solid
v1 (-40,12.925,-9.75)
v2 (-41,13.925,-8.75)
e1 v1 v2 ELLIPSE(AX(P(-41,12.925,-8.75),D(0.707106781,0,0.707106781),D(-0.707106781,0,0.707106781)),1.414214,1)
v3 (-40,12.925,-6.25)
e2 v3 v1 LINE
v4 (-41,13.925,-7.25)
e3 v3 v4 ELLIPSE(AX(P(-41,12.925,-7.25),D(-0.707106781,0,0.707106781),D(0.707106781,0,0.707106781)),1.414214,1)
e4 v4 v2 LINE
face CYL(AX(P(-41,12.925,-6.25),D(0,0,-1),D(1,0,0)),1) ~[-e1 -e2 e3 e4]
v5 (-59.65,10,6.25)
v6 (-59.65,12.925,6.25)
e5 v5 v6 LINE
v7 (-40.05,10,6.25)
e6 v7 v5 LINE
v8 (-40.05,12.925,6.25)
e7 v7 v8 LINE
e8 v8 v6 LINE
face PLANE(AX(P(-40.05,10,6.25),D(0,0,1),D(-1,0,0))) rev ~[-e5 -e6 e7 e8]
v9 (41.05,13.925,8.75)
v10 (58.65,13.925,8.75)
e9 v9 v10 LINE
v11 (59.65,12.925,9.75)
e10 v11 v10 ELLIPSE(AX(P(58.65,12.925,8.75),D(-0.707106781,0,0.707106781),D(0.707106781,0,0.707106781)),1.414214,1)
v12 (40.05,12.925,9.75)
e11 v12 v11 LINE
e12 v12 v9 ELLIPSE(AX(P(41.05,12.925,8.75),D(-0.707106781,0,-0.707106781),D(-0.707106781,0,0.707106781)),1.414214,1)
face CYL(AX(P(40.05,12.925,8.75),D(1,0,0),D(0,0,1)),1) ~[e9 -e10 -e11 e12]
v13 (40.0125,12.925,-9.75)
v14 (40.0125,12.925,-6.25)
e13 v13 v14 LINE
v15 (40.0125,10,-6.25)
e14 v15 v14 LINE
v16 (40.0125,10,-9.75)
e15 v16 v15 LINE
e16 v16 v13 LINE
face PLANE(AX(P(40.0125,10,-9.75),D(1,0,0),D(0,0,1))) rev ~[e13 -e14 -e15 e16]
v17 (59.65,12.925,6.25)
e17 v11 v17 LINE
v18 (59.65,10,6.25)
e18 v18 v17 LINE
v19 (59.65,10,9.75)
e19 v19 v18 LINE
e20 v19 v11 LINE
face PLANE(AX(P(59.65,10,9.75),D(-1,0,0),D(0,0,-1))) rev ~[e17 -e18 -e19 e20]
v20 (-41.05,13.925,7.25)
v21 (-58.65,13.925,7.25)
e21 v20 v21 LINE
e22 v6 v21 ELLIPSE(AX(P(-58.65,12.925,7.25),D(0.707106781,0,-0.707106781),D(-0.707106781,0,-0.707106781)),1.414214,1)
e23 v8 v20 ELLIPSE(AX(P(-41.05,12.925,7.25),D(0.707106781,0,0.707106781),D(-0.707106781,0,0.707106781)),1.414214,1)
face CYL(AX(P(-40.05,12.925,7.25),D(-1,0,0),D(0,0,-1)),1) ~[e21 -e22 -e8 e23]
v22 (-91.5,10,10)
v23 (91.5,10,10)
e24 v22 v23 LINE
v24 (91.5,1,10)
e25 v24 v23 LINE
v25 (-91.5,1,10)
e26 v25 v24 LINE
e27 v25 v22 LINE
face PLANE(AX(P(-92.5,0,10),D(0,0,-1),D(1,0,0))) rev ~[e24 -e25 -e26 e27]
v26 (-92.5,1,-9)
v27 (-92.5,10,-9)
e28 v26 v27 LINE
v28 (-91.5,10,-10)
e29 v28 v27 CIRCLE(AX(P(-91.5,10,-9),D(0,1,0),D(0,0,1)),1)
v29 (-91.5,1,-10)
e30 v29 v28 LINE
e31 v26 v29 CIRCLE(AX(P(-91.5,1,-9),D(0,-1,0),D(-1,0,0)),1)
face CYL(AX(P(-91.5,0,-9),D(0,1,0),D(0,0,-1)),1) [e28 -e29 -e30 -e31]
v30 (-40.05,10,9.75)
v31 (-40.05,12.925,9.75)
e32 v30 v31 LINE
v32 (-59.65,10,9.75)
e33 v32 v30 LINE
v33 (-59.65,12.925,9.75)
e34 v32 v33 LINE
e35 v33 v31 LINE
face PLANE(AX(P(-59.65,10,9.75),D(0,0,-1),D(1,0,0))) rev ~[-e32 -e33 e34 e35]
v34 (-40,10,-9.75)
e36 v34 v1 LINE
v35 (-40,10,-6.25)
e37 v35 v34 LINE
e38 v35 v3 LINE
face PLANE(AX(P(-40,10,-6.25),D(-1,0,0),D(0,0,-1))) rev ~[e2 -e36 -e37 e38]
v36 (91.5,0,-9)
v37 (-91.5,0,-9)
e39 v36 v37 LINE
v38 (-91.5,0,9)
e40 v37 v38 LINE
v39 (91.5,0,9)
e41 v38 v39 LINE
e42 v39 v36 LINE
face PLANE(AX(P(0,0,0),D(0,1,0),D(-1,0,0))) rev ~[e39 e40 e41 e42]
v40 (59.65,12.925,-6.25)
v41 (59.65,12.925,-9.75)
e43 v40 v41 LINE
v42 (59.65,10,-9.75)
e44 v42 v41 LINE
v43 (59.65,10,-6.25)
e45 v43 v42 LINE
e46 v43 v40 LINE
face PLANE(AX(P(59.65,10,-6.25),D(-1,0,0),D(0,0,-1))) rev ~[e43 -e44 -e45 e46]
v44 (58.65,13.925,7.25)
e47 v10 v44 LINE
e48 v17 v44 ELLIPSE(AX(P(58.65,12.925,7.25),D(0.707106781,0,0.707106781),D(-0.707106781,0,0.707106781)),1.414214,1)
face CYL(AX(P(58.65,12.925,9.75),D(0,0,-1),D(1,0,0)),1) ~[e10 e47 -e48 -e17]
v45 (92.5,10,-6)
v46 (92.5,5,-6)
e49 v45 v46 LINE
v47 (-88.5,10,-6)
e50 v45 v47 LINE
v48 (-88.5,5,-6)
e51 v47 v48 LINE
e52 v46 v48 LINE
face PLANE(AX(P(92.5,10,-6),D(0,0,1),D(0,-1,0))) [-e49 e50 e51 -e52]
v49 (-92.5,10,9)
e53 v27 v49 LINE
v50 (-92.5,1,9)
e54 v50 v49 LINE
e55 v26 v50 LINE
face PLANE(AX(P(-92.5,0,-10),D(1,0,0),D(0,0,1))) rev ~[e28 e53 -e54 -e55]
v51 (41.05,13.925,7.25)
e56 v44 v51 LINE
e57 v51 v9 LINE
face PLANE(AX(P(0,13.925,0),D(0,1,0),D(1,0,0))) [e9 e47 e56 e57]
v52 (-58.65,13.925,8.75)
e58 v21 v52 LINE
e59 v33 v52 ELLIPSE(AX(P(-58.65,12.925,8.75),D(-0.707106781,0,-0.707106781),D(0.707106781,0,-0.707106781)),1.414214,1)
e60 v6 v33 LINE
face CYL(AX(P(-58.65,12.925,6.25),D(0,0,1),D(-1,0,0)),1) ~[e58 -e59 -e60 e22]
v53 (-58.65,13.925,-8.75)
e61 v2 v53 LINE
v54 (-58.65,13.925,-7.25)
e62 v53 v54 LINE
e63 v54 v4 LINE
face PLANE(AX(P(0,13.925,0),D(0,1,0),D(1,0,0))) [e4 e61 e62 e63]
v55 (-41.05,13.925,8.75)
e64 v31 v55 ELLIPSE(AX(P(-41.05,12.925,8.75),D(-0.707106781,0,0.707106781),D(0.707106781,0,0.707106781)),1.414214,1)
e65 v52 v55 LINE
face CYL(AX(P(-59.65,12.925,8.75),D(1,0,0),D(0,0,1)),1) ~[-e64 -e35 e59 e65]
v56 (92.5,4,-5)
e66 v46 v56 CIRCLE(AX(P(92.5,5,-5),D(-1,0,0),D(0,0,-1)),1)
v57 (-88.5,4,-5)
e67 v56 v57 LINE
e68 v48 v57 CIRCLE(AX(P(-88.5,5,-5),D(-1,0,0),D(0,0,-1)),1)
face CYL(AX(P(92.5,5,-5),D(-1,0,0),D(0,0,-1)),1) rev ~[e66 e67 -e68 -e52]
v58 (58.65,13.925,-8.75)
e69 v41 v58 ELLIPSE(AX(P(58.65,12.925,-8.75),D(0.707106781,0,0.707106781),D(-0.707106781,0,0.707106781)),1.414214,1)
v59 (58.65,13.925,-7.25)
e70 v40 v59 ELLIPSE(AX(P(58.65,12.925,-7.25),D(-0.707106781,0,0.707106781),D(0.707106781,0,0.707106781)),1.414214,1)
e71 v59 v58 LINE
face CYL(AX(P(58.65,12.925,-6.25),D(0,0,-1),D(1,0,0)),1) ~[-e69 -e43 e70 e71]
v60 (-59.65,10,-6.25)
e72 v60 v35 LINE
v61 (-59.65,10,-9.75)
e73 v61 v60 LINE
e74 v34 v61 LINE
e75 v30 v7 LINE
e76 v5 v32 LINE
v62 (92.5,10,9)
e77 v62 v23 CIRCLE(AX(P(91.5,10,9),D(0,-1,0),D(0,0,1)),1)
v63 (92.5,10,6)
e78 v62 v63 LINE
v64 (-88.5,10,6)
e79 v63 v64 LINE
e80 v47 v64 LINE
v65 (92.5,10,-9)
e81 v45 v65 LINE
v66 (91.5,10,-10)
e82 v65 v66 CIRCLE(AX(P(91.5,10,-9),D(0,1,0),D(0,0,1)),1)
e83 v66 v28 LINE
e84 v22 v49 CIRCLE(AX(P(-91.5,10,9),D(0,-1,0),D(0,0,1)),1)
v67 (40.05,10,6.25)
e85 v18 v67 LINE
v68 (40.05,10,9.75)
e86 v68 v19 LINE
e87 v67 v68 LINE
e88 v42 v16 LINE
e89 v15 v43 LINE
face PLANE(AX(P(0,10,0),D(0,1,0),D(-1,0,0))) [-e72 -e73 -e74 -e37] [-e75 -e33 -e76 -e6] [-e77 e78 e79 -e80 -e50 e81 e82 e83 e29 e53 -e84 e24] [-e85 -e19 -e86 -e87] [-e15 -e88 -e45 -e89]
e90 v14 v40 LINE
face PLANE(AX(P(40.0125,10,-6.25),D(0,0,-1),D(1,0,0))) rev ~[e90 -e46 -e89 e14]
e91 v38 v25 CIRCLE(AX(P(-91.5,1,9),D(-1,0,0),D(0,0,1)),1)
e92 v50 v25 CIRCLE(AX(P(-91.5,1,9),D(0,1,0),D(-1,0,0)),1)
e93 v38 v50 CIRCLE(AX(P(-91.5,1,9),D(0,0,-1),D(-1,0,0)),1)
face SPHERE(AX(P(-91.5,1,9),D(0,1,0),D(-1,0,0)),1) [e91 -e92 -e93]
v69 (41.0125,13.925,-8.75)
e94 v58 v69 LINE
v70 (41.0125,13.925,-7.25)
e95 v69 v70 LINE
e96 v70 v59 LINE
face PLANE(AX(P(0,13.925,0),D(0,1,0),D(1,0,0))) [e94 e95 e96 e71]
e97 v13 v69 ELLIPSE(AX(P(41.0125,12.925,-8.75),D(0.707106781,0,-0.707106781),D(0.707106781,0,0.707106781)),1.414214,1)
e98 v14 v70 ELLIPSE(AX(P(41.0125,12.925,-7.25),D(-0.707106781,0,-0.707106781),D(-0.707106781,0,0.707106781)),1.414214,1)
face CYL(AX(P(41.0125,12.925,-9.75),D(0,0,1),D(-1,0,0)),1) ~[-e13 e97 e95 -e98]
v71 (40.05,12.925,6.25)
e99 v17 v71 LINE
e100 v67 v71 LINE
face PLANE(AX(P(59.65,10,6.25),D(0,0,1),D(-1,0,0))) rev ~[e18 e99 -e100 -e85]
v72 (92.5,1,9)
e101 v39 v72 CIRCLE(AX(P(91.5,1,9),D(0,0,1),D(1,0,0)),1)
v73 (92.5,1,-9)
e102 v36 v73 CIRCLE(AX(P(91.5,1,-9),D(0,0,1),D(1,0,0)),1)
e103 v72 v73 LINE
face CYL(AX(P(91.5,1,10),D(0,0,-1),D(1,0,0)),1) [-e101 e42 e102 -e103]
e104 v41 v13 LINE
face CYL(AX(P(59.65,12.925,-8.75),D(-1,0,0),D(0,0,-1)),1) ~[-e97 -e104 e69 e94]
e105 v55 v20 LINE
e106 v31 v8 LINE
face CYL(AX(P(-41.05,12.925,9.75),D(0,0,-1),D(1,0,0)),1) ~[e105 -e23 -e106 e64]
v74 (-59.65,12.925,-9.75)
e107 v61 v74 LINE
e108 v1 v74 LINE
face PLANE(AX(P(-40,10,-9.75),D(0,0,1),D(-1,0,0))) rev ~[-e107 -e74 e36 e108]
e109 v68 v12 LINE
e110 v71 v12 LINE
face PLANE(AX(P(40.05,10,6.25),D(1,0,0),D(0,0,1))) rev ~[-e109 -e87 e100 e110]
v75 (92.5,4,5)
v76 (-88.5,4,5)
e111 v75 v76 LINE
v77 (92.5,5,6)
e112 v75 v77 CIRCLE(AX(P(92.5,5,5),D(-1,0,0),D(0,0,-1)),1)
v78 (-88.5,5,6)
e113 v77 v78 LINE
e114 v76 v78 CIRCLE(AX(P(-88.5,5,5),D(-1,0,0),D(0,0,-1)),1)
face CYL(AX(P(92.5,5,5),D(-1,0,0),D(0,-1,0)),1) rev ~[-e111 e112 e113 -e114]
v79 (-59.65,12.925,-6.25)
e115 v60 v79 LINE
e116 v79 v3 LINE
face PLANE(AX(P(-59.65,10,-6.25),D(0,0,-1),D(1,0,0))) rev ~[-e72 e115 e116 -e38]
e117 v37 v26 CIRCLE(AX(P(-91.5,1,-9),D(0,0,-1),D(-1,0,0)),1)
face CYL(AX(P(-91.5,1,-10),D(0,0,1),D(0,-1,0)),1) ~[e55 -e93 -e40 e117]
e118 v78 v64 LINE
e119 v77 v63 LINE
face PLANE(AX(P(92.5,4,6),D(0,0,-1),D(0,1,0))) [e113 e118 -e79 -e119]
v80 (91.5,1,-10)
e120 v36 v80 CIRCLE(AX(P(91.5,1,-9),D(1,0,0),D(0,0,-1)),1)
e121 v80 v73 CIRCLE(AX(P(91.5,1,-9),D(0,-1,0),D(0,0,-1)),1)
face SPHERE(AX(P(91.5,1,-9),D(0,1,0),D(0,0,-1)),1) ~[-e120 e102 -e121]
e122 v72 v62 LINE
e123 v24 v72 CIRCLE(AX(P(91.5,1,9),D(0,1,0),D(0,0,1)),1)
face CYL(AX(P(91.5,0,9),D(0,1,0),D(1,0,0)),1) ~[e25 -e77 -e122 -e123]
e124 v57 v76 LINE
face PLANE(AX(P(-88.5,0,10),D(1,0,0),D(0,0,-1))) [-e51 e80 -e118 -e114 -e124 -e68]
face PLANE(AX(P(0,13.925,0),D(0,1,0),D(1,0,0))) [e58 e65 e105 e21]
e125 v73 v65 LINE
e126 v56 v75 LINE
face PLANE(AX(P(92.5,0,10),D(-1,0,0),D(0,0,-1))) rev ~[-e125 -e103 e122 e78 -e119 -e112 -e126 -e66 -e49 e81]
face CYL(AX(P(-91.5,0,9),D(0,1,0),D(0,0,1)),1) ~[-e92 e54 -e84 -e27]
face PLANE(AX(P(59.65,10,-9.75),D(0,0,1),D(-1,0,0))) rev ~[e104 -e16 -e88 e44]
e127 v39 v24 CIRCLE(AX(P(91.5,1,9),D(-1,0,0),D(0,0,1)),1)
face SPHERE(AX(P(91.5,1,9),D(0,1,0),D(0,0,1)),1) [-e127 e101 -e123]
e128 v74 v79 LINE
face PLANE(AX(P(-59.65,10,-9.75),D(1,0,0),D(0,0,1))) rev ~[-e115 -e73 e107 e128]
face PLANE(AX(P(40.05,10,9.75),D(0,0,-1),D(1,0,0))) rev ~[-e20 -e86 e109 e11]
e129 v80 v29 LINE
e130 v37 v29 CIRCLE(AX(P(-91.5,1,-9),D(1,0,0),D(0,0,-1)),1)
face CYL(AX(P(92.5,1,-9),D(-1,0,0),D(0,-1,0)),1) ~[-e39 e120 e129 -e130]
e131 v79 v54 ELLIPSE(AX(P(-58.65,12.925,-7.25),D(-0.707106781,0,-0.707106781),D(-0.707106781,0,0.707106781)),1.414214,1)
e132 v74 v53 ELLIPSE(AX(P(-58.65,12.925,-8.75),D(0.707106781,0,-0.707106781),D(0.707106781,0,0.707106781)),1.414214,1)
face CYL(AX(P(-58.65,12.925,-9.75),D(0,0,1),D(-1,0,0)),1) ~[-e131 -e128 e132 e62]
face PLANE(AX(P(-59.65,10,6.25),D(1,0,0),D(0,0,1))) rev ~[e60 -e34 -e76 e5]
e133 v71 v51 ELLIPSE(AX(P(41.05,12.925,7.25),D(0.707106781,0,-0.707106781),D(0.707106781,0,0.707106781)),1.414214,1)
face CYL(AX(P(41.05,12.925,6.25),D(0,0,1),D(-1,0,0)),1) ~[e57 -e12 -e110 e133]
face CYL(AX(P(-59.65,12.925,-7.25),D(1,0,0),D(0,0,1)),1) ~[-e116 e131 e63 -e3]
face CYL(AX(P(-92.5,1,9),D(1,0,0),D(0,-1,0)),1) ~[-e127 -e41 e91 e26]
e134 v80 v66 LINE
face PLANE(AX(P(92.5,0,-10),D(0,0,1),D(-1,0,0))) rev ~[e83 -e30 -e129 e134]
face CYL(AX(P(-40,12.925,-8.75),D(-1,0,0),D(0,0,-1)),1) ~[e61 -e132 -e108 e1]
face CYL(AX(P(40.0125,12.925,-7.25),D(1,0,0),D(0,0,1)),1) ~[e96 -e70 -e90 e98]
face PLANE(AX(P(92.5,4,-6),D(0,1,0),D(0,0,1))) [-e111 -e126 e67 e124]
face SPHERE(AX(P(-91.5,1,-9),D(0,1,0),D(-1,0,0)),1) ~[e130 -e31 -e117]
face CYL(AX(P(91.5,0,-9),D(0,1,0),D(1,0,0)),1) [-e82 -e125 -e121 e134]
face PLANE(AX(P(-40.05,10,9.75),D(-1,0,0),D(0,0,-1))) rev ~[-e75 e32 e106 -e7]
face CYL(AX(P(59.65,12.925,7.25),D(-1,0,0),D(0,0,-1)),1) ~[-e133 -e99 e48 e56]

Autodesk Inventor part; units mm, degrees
ref_plane "YZ Plane" through (0, 0, 0) normal (1, 0, 0) x (0, 1, 0)
ref_plane "XZ Plane" through (0, 0, 0) normal (0, 1, 0) x (-1, 0, 0)
ref_plane "XY Plane" through (0, 0, 0) normal (0, 0, 1) x (1, 0, 0)
sketch "Skizze1" plane through (0, 0, 0) normal (0, 1, 0) x (-1, 0, 0)
  line L0 (-92.5, -10) -> (92.5, -10)
  line L1 (92.5, -10) -> (92.5, 10)
  line L2 (92.5, 10) -> (-92.5, 10)
  line L3 (-92.5, 10) -> (-92.5, -10)
  line L4 (-92.5, -10) -> (92.5, 10) construction
  line L5 (92.5, -10) -> (-92.5, 10) construction
  point P0 (0, 0)
  dimension "d0" = 20
  dimension "d1" = 185
extrude "Extrusion1" add sketch "Skizze1" along normal blind 10
sketch "Skizze2" plane through (92.5, 0, 10) normal (1, 0, 0) x (0, 0, -1)
  line L0 (20, 10) -> (0, 10) projected
  line L1 (4, 10) -> (16, 10)
  line L2 (16, 10) -> (16, 4)
  line L3 (16, 4) -> (4, 4)
  line L4 (4, 4) -> (4, 10)
  line L5 (0, 0) -> (0, 10) projected
  line L6 (20, 0) -> (20, 10) projected
  line L7 (0, 0) -> (20, 0) projected
  point P0 (10, 0)
  point P1 (16, 7)
  point P2 (10, 4)
  dimension "d4" = 4
  dimension "d5" = 4
  dimension "d6" = 4
extrude "Extrusion2" cut sketch "Skizze2" against normal blind 181 contours L2 L3 L4 L0
sketch "Skizze3" plane through (0, 10, 0) normal (0, 1, 0) x (1, 0, 0)
  line L0 (-59.65, -9.75) -> (-40.05, -9.75)
  line L1 (-40.05, -9.75) -> (-40.05, -6.25)
  line L2 (-40.05, -6.25) -> (-59.65, -6.25)
  line L3 (-59.65, -6.25) -> (-59.65, -9.75)
  line L4 (-92.5, 10) -> (-92.5, -10) projected
  line L5 (92.5, -6) -> (-88.5, -6) projected
  line L6 (-59.65, 6.25) -> (-40, 6.25)
  line L7 (-40, 6.25) -> (-40, 9.75)
  line L8 (-40, 9.75) -> (-59.65, 9.75)
  line L9 (-59.65, 9.75) -> (-59.65, 6.25)
  line L10 (-88.5, 6) -> (92.5, 6) projected
  line L11 (40.05, -9.75) -> (59.65, -9.75)
  line L12 (59.65, -9.75) -> (59.65, -6.25)
  line L13 (59.65, -6.25) -> (40.05, -6.25)
  line L14 (40.05, -6.25) -> (40.05, -9.75)
  line L15 (92.5, -10) -> (92.5, -6) projected
  line L16 (40.0125, 6.25) -> (59.65, 6.25)
  line L17 (59.65, 6.25) -> (59.65, 9.75)
  line L18 (59.65, 9.75) -> (40.0125, 9.75)
  line L19 (40.0125, 9.75) -> (40.0125, 6.25)
  point P0 (0, 0)
  point P1 (-59.65, -8)
  point P2 (92.5, -8)
  point P3 (59.65, -8)
  dimension "d9" = 3.5
  dimension "d10" = 32.85
  dimension "d11" = 0.25
  dimension "d12" = 19.6
  dimension "d13" = 0.25
  dimension "d14" = 3.5
  dimension "d15" = 32.85
  dimension "d16" = 0.25
  dimension "d17" = 19.6
  dimension "d18" = 3.5
  dimension "d19" = 0.25
  dimension "d20" = 3.5
  dimension "d23" = 0
  dimension "d24" = 0
extrude "Extrusion3" add sketch "Skizze3" along normal blind 3.925
fillet "Rundung1" radius 1 26 edges at (-49.85, 13.925, 9.75) (-49.85, 13.925, 6.25) (-59.65, 13.925, 8) (-40.05, 13.925, 8) (-59.65, 13.925, -8) (-49.825, 13.925, -6.25) (-49.825, 13.925, -9.75) (-40, 13.925, -8) (40.0125, 13.925, -8) (49.8312, 13.925, -9.75) (49.8312, 13.925, -6.25) (59.65, 13.925, -8) (40.05, 13.925, 8) (49.85, 13.925, 9.75) (49.85, 13.925, 6.25) (59.65, 13.925, 8) (92.5, 5, 10) (92.5, 5, -10) (-92.5, 5, -10) (-92.5, 5, 10) (-92.5, 0, 0) (0, 0, 10) (0, 0, -10) (92.5, 0, 0) (2, 4, -6) (2, 4, 6)
properties part number "Kabelschacht 001"
